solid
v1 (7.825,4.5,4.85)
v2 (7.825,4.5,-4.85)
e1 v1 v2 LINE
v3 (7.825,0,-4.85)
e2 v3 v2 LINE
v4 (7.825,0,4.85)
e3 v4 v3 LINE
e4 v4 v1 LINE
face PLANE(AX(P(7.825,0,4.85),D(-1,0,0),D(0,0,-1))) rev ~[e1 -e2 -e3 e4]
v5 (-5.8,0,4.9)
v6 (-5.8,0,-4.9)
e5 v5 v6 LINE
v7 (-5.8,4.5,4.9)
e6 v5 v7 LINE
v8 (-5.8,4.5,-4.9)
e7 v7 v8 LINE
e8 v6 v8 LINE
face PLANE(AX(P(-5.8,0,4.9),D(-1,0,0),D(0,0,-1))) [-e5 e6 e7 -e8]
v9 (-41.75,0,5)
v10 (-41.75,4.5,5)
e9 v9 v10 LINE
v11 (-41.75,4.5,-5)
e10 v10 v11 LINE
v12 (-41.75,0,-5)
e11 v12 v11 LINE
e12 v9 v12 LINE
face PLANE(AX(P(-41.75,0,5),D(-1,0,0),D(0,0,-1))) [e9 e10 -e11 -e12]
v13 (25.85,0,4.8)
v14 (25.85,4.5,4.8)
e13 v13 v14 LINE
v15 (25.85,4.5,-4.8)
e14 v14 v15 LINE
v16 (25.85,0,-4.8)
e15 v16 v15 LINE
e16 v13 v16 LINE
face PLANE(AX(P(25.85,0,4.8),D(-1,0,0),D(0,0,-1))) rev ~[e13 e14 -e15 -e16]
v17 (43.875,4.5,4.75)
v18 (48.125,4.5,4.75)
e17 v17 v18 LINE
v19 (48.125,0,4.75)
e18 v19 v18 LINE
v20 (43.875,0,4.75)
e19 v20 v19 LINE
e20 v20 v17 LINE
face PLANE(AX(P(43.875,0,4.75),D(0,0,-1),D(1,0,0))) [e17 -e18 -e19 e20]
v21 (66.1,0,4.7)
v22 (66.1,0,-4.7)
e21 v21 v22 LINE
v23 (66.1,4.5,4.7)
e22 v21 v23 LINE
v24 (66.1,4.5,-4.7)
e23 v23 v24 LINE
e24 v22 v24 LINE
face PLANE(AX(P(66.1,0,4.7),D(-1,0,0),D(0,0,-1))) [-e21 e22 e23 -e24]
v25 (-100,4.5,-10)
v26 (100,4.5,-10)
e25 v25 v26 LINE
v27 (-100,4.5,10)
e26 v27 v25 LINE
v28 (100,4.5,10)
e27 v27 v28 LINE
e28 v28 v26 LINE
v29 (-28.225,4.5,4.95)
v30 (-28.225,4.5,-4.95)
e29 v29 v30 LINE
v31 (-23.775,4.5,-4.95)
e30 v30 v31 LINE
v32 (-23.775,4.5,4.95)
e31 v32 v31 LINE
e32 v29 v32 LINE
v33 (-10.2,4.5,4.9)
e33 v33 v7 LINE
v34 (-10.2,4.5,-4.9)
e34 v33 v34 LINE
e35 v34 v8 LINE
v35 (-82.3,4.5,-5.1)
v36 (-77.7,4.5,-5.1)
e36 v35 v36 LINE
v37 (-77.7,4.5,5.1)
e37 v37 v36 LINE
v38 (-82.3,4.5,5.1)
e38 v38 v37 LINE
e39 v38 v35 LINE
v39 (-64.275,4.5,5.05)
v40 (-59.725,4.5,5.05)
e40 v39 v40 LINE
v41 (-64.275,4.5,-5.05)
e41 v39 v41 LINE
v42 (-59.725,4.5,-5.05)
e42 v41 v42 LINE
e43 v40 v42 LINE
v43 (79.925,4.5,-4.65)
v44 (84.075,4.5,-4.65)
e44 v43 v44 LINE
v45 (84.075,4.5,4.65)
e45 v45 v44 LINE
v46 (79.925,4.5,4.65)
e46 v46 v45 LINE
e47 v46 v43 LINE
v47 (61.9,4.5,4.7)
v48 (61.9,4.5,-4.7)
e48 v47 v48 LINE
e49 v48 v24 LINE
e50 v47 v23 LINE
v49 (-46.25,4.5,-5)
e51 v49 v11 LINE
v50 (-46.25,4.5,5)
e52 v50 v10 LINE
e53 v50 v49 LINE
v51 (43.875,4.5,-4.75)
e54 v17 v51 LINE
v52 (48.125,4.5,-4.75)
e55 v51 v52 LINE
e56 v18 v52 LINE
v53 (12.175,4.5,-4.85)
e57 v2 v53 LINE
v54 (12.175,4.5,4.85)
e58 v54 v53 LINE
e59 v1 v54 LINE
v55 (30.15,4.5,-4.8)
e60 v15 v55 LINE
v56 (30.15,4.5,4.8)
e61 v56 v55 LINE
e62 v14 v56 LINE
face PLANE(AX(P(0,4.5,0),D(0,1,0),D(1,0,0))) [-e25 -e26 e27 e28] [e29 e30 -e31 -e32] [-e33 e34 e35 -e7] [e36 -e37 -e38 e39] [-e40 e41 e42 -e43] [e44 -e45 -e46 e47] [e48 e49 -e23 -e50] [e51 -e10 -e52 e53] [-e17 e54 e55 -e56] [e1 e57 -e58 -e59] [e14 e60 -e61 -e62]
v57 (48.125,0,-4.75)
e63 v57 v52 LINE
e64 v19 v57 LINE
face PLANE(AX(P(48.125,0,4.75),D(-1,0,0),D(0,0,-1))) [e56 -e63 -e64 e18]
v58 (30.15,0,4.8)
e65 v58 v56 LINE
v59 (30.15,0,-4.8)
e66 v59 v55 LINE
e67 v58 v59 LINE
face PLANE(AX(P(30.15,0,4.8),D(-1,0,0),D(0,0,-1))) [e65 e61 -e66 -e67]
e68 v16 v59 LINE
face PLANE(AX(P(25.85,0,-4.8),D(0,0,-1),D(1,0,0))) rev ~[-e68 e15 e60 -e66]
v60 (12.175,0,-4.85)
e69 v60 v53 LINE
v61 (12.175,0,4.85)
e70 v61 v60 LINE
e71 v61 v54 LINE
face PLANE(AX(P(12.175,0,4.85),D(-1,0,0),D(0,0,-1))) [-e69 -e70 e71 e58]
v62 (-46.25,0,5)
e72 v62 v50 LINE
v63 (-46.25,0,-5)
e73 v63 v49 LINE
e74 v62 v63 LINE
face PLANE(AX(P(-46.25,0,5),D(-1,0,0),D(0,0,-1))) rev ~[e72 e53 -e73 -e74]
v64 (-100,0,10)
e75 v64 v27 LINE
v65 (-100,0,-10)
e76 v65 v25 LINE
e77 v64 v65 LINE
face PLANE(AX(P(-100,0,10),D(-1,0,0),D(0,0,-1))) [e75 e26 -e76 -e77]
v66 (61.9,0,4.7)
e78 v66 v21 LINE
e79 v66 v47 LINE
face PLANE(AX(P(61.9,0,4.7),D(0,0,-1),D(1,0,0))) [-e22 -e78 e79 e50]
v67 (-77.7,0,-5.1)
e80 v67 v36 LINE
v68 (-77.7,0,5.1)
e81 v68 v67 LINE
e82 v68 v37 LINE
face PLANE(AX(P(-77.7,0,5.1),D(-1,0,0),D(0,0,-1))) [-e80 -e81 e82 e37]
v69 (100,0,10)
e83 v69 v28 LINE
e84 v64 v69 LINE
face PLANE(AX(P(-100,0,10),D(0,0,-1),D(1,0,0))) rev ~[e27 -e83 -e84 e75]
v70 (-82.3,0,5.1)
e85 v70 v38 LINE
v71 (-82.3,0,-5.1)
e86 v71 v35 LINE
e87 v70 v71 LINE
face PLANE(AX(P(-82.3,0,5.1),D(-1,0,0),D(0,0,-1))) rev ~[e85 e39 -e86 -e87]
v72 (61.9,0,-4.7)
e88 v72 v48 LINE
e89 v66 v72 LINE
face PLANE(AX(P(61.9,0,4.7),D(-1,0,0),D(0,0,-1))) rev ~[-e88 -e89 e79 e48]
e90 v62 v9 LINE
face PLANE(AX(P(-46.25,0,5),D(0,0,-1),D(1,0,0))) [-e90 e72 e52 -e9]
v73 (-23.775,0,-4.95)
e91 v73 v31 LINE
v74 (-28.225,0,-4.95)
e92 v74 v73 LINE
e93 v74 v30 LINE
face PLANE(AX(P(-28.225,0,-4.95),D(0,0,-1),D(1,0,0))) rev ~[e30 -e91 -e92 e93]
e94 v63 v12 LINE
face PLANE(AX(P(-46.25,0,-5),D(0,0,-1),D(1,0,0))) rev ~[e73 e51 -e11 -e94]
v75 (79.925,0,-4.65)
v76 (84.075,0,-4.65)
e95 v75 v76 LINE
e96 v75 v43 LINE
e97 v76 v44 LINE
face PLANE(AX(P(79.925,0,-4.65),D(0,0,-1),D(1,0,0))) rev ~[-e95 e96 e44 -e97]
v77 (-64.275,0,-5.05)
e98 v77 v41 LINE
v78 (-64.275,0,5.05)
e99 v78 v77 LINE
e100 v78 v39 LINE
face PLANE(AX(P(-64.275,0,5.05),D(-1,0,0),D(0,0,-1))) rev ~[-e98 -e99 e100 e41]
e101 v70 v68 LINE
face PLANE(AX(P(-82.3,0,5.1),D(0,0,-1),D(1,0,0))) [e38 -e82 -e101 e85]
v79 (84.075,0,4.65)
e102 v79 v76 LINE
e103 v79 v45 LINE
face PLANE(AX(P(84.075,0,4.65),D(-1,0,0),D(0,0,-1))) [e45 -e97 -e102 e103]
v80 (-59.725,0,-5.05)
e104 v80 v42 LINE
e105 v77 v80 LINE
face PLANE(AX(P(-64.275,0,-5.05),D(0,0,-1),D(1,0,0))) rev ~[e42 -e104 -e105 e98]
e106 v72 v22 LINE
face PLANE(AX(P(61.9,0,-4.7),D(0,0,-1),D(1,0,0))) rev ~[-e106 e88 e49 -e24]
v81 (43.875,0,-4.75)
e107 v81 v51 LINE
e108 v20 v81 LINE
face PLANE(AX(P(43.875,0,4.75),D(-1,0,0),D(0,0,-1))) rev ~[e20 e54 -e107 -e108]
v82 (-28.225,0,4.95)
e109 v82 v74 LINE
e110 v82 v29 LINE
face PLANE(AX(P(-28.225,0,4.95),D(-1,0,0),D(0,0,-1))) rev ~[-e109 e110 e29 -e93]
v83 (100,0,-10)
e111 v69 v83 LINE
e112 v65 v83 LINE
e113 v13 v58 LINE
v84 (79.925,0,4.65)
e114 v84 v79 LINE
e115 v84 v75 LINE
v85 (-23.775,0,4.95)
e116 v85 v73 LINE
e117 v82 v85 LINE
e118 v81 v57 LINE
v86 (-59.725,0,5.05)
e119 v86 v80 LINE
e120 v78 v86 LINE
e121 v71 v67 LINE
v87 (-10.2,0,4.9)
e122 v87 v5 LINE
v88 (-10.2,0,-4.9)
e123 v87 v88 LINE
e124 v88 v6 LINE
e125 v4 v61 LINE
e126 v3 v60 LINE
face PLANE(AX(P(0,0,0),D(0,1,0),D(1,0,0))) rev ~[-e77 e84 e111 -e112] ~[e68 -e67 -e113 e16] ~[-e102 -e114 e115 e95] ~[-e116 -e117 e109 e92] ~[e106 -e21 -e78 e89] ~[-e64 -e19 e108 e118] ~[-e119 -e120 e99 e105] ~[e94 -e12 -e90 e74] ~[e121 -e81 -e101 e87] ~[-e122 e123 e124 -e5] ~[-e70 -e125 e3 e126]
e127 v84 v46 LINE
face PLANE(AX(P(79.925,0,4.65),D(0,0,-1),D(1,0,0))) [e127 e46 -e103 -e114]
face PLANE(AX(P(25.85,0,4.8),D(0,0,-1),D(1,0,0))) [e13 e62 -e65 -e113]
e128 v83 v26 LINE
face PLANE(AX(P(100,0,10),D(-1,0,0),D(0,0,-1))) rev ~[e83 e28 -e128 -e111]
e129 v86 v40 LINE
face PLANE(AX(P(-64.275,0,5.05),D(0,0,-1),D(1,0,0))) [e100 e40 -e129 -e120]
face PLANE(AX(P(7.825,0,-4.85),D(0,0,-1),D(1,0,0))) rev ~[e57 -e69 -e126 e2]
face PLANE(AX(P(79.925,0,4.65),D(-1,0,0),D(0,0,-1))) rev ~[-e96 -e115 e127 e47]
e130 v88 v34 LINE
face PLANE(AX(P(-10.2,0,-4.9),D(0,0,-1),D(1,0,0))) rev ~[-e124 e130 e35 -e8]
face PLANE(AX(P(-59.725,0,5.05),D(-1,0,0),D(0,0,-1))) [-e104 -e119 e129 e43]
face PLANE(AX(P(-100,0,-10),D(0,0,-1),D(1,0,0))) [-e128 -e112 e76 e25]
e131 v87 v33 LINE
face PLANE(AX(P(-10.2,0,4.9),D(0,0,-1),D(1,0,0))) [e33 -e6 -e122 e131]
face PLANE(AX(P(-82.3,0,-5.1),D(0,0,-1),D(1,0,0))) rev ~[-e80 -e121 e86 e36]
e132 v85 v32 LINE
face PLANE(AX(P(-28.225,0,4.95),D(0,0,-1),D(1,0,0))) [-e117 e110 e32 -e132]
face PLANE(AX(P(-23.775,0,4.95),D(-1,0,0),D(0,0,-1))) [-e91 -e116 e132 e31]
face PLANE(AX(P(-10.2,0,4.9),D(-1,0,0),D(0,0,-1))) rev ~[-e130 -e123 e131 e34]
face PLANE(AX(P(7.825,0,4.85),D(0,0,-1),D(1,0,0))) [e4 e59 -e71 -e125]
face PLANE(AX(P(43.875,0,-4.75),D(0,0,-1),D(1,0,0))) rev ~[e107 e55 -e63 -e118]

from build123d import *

# Parameters (mm, degrees)
SKETCH1_W           = 200
SKETCH1_H           = 20
SKETCH1_W_2         = 4.6
SKETCH1_H_2         = 10.2
SKETCH1_W_3         = 4.55
SKETCH1_H_3         = 10.1
SKETCH1_W_4         = 4.5
SKETCH1_H_4         = 10
SKETCH1_W_5         = 4.45
SKETCH1_H_5         = 9.9
SKETCH1_W_6         = 4.4
SKETCH1_H_6         = 9.8
SKETCH1_W_7         = 4.35
SKETCH1_H_7         = 9.7
SKETCH1_W_8         = 4.3
SKETCH1_H_8         = 9.6
SKETCH1_W_9         = 4.25
SKETCH1_H_9         = 9.5
SKETCH1_W_10        = 4.2
SKETCH1_H_10        = 9.4
SKETCH1_W_11        = 4.15
SKETCH1_H_11        = 9.3
BOSS_EXTRUDE1_DEPTH = 4.5


with BuildPart() as part:
    # Sketch1 → Boss-Extrude1 (new body)
    with BuildSketch(Plane(origin=(0, 0, 0), x_dir=(1, 0, 0), z_dir=(0, 1, 0))):
        Rectangle(SKETCH1_W, SKETCH1_H)
        with Locations((-80, 0)):
            Rectangle(SKETCH1_W_2, SKETCH1_H_2, mode=Mode.SUBTRACT)
        with Locations((-62, 0)):
            Rectangle(SKETCH1_W_3, SKETCH1_H_3, mode=Mode.SUBTRACT)
        with Locations((-44, 0)):
            Rectangle(SKETCH1_W_4, SKETCH1_H_4, mode=Mode.SUBTRACT)
        with Locations((-26, 0)):
            Rectangle(SKETCH1_W_5, SKETCH1_H_5, mode=Mode.SUBTRACT)
        with Locations((-8, 0)):
            Rectangle(SKETCH1_W_6, SKETCH1_H_6, mode=Mode.SUBTRACT)
        with Locations((10, 0)):
            Rectangle(SKETCH1_W_7, SKETCH1_H_7, mode=Mode.SUBTRACT)
        with Locations((28, 0)):
            Rectangle(SKETCH1_W_8, SKETCH1_H_8, mode=Mode.SUBTRACT)
        with Locations((46, 0)):
            Rectangle(SKETCH1_W_9, SKETCH1_H_9, mode=Mode.SUBTRACT)
        with Locations((64, 0)):
            Rectangle(SKETCH1_W_10, SKETCH1_H_10, mode=Mode.SUBTRACT)
        with Locations((82, 0)):
            Rectangle(SKETCH1_W_11, SKETCH1_H_11, mode=Mode.SUBTRACT)
    extrude(amount=BOSS_EXTRUDE1_DEPTH)


solid = part.part
